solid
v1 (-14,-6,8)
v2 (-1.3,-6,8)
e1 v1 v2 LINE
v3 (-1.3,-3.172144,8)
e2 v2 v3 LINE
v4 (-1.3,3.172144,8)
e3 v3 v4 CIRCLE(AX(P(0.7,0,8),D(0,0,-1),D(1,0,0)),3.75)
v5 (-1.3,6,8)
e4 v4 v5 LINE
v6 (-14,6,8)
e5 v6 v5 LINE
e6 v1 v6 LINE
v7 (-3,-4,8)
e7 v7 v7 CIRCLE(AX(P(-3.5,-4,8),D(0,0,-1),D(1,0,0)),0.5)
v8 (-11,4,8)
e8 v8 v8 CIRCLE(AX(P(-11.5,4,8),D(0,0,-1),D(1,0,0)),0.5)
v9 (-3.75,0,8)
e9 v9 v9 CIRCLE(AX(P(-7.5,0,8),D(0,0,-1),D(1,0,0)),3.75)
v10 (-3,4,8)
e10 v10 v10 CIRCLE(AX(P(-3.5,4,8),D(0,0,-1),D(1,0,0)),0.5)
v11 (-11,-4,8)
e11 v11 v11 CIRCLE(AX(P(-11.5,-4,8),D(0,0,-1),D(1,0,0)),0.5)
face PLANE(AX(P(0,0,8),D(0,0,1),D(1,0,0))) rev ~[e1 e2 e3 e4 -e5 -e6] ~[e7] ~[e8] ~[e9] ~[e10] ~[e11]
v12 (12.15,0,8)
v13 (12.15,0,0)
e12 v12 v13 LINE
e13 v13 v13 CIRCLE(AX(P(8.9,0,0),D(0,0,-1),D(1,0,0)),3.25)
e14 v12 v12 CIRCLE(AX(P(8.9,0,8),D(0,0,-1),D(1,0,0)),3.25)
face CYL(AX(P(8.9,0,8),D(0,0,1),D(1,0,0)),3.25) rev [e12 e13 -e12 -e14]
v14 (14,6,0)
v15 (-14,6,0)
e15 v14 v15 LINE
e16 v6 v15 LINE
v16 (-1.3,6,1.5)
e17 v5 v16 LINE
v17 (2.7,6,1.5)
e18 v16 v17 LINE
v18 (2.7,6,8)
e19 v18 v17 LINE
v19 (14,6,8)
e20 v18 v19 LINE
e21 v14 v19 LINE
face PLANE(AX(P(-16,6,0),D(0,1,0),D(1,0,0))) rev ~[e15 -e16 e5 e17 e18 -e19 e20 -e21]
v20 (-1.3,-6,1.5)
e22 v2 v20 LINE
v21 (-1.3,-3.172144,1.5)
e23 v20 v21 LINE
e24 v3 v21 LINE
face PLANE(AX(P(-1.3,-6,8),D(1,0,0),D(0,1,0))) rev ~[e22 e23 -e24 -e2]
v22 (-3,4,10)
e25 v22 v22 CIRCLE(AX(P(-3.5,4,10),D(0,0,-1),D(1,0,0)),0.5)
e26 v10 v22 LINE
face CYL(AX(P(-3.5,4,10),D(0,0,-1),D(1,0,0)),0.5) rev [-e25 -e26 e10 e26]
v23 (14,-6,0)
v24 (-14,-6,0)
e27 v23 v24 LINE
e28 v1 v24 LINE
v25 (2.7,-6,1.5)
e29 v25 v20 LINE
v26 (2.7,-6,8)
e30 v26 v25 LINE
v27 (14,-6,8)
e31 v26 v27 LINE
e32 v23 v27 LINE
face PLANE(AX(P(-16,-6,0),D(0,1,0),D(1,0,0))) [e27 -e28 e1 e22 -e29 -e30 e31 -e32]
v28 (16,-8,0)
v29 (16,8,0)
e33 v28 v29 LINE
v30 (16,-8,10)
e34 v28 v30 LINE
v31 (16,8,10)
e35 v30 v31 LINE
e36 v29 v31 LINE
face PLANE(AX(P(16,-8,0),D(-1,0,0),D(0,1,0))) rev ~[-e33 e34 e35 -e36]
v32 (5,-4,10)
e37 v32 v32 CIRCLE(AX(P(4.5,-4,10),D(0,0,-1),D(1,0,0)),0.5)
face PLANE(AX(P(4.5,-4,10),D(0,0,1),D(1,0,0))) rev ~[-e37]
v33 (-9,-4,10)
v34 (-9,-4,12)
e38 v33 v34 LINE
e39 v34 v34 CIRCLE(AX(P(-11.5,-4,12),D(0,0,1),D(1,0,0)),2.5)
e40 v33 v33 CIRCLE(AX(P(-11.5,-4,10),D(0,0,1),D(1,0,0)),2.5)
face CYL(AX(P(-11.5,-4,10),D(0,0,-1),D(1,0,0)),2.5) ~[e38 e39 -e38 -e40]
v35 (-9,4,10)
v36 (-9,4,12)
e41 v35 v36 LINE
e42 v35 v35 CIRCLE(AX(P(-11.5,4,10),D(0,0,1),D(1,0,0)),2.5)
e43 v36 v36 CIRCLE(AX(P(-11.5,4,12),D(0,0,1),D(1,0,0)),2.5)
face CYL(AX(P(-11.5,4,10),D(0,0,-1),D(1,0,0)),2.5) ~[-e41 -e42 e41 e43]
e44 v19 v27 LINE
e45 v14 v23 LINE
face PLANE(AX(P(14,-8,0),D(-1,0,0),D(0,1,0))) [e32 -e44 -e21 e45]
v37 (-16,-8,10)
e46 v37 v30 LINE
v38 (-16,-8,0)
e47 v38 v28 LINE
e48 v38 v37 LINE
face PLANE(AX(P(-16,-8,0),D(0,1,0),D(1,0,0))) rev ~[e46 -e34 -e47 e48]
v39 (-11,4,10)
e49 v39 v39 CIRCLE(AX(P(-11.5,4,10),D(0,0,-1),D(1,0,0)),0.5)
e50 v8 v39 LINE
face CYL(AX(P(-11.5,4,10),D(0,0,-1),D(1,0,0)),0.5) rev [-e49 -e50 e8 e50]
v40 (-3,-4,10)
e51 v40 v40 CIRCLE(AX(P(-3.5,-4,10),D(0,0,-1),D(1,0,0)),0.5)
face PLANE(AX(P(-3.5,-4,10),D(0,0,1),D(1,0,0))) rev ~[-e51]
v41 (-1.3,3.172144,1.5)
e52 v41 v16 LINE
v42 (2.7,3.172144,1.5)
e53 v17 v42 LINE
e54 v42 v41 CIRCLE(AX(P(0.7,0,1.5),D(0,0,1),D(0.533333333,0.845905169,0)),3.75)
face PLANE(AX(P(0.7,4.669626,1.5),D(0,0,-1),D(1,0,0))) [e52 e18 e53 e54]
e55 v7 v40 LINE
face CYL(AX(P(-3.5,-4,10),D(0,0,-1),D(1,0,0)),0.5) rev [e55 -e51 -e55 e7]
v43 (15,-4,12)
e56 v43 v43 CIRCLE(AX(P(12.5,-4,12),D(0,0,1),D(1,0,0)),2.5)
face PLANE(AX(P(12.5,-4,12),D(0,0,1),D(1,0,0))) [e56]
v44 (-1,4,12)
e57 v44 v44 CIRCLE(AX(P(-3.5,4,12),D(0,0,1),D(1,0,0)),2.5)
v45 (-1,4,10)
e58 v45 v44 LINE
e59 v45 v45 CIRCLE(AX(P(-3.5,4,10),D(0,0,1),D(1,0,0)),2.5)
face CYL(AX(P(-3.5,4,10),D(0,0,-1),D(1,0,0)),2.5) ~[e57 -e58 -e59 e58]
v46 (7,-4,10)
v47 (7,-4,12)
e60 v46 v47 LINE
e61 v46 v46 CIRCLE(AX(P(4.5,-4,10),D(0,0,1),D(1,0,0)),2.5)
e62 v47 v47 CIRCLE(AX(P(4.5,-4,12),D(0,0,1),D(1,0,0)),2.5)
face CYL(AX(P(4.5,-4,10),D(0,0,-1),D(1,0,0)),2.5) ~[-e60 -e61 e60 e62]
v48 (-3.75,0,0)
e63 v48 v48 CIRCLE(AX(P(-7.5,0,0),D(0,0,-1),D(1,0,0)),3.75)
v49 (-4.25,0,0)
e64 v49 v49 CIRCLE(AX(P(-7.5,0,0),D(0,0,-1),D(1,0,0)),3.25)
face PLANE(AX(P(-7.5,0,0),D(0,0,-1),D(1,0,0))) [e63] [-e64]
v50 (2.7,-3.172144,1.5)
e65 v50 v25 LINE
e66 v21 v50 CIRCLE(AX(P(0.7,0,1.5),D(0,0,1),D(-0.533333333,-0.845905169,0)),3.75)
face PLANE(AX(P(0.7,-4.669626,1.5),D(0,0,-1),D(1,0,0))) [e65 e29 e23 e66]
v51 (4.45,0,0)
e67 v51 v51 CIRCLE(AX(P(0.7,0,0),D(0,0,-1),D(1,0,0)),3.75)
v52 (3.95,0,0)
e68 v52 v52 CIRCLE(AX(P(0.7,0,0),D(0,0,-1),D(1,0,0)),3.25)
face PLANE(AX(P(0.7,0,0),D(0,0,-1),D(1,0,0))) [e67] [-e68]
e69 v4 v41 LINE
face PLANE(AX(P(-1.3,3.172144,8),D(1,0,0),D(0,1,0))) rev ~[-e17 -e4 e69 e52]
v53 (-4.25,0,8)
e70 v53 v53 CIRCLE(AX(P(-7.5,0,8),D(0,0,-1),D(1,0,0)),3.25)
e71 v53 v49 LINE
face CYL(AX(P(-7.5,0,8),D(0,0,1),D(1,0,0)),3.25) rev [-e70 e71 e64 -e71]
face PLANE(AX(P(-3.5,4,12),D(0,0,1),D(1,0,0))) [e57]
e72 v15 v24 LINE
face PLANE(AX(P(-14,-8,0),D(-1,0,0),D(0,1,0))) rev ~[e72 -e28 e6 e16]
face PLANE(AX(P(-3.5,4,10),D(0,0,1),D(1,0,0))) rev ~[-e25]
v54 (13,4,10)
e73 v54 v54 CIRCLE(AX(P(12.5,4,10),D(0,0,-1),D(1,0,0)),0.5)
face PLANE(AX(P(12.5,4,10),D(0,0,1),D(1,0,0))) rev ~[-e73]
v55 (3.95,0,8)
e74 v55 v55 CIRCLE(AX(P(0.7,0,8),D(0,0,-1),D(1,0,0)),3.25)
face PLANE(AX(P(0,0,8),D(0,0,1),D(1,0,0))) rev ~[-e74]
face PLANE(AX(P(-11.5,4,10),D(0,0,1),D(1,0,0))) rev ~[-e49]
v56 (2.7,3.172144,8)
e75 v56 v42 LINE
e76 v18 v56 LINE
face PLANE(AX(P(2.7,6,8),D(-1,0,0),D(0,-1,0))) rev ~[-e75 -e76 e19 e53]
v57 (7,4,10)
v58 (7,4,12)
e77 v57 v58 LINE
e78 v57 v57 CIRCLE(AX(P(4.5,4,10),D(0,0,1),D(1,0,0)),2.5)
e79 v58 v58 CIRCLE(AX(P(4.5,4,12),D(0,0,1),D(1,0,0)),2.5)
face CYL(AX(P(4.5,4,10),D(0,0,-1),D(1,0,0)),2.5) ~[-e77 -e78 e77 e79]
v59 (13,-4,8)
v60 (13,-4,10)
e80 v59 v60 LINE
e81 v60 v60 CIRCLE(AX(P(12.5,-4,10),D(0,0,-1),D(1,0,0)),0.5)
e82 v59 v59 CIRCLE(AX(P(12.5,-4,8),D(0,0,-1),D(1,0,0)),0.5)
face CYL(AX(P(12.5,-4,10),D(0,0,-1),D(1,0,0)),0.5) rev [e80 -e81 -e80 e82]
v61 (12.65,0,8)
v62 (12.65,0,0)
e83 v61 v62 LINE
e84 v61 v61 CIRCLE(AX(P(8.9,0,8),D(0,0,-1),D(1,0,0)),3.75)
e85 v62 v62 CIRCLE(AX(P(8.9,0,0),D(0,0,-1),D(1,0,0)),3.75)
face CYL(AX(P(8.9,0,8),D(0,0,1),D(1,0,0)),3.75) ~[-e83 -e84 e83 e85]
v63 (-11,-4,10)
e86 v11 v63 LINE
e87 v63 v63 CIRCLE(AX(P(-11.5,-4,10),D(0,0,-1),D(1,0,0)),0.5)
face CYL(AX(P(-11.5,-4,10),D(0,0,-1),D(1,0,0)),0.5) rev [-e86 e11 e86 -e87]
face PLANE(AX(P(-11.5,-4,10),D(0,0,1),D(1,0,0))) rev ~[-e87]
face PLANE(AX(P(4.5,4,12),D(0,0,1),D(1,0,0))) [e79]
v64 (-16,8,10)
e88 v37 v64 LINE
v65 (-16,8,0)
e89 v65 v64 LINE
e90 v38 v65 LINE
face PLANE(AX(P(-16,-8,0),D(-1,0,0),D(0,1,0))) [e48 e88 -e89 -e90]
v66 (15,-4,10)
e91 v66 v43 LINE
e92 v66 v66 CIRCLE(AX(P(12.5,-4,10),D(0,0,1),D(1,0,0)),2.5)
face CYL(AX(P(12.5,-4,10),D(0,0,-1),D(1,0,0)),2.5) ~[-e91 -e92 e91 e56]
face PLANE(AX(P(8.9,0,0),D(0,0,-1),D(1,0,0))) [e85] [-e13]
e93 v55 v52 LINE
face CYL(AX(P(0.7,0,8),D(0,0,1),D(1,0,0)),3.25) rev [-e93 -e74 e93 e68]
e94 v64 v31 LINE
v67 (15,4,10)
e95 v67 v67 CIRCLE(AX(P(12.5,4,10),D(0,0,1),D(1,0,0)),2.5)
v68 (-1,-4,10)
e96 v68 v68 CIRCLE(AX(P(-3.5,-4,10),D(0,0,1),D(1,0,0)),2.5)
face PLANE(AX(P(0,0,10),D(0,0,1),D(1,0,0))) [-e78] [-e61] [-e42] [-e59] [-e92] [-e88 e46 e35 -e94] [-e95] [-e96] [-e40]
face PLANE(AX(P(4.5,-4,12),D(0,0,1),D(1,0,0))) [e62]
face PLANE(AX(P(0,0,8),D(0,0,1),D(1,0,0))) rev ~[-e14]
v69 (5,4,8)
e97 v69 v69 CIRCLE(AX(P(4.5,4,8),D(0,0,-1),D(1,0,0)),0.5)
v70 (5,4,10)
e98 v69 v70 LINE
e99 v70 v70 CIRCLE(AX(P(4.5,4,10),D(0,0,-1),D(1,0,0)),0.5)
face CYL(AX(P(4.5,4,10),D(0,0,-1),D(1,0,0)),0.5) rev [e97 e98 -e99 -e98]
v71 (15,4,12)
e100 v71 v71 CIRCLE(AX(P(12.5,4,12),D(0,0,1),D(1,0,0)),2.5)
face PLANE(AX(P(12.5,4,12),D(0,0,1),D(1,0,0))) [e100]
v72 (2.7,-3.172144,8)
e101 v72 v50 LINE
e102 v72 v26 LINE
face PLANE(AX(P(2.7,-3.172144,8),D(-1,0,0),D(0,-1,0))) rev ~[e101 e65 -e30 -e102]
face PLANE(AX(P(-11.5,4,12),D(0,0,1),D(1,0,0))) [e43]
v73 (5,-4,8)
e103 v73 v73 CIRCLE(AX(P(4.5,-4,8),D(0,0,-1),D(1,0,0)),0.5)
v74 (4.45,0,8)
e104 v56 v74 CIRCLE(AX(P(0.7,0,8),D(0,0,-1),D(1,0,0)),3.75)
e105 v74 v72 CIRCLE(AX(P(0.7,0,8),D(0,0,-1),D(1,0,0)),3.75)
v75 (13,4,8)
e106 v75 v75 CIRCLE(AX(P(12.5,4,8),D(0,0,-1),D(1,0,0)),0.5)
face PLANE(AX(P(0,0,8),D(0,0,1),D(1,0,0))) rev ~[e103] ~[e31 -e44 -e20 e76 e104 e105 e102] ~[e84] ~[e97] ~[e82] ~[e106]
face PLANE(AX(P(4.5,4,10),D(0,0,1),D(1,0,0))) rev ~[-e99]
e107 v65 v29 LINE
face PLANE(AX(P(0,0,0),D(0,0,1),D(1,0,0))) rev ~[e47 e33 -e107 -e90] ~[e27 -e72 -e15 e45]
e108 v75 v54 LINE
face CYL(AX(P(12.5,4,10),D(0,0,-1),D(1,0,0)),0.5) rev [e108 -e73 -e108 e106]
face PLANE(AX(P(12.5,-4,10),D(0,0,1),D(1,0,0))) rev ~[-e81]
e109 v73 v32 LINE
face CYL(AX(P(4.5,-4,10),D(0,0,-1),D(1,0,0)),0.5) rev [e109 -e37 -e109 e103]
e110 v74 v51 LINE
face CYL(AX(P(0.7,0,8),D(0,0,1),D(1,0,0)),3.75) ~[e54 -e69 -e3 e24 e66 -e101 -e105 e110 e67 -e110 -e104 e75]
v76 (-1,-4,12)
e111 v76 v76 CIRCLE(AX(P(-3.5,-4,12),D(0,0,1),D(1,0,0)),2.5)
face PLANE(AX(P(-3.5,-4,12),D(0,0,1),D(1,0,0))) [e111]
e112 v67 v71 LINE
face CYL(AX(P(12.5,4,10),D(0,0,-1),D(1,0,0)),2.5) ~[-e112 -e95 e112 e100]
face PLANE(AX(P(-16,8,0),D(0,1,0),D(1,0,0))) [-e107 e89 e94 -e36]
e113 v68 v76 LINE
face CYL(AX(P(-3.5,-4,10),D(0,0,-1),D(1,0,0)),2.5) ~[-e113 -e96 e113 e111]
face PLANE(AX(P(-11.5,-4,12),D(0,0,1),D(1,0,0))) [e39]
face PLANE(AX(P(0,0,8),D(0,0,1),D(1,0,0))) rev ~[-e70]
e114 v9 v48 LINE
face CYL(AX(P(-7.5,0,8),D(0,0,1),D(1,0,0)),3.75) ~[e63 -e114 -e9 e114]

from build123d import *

# Parameters (mm, degrees)
F0_W     = 32
F0_H     = 16
F1_DEPTH = 10
F2_R     = 2.5
F3_DEPTH = 2
F4_T     = -2
F5_R     = 3.75
F5_R_2   = 3.25
F6_DEPTH = 8
F8_DEPTH = 6.5


with BuildPart() as f1:
    # F0 (on Top) → F1 (new body)
    with BuildSketch(Plane.XY):
        Rectangle(F0_W, F0_H)
    extrude(amount=F1_DEPTH)

    # F2 (on face) → F3 (join)
    with BuildSketch(Plane.XY.offset(10)):
        with Locations((-11.5, 4)):
            Circle(F2_R)
        with Locations((-3.5, 4)):
            Circle(F2_R)
        with Locations((12.5, 4)):
            Circle(F2_R)
        with Locations((12.5, -4)):
            Circle(F2_R)
        with Locations((4.5, -4)):
            Circle(F2_R)
        with Locations((-3.5, -4)):
            Circle(F2_R)
        with Locations((-11.5, -4)):
            Circle(F2_R)
        with Locations((4.5, 4)):
            Circle(F2_R)
    extrude(amount=F3_DEPTH)

    # F4
    f4_openings = [f1.faces().sort_by_distance(p)[0] for p in [
        (0, 0, 0),
    ]]
    offset(amount=F4_T, openings=f4_openings, kind=Kind.INTERSECTION)

    # F5 (on face) → F6 (join, through all)
    with BuildSketch(Plane(origin=(0, 0, 8), x_dir=(1, 0, 0), z_dir=(0, 0, -1))):
        with Locations((-7.5, 0)):
            Circle(F5_R)
        with Locations((-7.5, 0)):
            Circle(F5_R_2, mode=Mode.SUBTRACT)
        with Locations((0.7, 0)):
            Circle(F5_R)
        with Locations((0.7, 0)):
            Circle(F5_R_2, mode=Mode.SUBTRACT)
        with Locations((8.9, 0)):
            Circle(F5_R)
        with Locations((8.9, 0)):
            Circle(F5_R_2, mode=Mode.SUBTRACT)
    extrude(amount=F6_DEPTH)

    # F7 (on face) → F8 (join)
    with BuildSketch(Plane(origin=(0, 0, 8), x_dir=(1, 0, 0), z_dir=(0, 0, -1))):
        with BuildLine():
            ThreePointArc((-1.3, 3.1721443851), (0.7, 3.75), (2.7, 3.1721443851))
            Line((2.7, 3.1721443851), (2.7, 6))
            Line((2.7, 6), (-1.3, 6))
            Line((-1.3, 6), (-1.3, 3.1721443851))
        make_face()
        with BuildLine():
            Line((2.7, -6), (2.7, -3.1721443851))
            ThreePointArc((2.7, -3.1721443851), (0.7, -3.75), (-1.3, -3.1721443851))
            Line((-1.3, -3.1721443851), (-1.3, -6))
            Line((-1.3, -6), (2.7, -6))
        make_face()
    extrude(amount=F8_DEPTH)


solid = f1.part
